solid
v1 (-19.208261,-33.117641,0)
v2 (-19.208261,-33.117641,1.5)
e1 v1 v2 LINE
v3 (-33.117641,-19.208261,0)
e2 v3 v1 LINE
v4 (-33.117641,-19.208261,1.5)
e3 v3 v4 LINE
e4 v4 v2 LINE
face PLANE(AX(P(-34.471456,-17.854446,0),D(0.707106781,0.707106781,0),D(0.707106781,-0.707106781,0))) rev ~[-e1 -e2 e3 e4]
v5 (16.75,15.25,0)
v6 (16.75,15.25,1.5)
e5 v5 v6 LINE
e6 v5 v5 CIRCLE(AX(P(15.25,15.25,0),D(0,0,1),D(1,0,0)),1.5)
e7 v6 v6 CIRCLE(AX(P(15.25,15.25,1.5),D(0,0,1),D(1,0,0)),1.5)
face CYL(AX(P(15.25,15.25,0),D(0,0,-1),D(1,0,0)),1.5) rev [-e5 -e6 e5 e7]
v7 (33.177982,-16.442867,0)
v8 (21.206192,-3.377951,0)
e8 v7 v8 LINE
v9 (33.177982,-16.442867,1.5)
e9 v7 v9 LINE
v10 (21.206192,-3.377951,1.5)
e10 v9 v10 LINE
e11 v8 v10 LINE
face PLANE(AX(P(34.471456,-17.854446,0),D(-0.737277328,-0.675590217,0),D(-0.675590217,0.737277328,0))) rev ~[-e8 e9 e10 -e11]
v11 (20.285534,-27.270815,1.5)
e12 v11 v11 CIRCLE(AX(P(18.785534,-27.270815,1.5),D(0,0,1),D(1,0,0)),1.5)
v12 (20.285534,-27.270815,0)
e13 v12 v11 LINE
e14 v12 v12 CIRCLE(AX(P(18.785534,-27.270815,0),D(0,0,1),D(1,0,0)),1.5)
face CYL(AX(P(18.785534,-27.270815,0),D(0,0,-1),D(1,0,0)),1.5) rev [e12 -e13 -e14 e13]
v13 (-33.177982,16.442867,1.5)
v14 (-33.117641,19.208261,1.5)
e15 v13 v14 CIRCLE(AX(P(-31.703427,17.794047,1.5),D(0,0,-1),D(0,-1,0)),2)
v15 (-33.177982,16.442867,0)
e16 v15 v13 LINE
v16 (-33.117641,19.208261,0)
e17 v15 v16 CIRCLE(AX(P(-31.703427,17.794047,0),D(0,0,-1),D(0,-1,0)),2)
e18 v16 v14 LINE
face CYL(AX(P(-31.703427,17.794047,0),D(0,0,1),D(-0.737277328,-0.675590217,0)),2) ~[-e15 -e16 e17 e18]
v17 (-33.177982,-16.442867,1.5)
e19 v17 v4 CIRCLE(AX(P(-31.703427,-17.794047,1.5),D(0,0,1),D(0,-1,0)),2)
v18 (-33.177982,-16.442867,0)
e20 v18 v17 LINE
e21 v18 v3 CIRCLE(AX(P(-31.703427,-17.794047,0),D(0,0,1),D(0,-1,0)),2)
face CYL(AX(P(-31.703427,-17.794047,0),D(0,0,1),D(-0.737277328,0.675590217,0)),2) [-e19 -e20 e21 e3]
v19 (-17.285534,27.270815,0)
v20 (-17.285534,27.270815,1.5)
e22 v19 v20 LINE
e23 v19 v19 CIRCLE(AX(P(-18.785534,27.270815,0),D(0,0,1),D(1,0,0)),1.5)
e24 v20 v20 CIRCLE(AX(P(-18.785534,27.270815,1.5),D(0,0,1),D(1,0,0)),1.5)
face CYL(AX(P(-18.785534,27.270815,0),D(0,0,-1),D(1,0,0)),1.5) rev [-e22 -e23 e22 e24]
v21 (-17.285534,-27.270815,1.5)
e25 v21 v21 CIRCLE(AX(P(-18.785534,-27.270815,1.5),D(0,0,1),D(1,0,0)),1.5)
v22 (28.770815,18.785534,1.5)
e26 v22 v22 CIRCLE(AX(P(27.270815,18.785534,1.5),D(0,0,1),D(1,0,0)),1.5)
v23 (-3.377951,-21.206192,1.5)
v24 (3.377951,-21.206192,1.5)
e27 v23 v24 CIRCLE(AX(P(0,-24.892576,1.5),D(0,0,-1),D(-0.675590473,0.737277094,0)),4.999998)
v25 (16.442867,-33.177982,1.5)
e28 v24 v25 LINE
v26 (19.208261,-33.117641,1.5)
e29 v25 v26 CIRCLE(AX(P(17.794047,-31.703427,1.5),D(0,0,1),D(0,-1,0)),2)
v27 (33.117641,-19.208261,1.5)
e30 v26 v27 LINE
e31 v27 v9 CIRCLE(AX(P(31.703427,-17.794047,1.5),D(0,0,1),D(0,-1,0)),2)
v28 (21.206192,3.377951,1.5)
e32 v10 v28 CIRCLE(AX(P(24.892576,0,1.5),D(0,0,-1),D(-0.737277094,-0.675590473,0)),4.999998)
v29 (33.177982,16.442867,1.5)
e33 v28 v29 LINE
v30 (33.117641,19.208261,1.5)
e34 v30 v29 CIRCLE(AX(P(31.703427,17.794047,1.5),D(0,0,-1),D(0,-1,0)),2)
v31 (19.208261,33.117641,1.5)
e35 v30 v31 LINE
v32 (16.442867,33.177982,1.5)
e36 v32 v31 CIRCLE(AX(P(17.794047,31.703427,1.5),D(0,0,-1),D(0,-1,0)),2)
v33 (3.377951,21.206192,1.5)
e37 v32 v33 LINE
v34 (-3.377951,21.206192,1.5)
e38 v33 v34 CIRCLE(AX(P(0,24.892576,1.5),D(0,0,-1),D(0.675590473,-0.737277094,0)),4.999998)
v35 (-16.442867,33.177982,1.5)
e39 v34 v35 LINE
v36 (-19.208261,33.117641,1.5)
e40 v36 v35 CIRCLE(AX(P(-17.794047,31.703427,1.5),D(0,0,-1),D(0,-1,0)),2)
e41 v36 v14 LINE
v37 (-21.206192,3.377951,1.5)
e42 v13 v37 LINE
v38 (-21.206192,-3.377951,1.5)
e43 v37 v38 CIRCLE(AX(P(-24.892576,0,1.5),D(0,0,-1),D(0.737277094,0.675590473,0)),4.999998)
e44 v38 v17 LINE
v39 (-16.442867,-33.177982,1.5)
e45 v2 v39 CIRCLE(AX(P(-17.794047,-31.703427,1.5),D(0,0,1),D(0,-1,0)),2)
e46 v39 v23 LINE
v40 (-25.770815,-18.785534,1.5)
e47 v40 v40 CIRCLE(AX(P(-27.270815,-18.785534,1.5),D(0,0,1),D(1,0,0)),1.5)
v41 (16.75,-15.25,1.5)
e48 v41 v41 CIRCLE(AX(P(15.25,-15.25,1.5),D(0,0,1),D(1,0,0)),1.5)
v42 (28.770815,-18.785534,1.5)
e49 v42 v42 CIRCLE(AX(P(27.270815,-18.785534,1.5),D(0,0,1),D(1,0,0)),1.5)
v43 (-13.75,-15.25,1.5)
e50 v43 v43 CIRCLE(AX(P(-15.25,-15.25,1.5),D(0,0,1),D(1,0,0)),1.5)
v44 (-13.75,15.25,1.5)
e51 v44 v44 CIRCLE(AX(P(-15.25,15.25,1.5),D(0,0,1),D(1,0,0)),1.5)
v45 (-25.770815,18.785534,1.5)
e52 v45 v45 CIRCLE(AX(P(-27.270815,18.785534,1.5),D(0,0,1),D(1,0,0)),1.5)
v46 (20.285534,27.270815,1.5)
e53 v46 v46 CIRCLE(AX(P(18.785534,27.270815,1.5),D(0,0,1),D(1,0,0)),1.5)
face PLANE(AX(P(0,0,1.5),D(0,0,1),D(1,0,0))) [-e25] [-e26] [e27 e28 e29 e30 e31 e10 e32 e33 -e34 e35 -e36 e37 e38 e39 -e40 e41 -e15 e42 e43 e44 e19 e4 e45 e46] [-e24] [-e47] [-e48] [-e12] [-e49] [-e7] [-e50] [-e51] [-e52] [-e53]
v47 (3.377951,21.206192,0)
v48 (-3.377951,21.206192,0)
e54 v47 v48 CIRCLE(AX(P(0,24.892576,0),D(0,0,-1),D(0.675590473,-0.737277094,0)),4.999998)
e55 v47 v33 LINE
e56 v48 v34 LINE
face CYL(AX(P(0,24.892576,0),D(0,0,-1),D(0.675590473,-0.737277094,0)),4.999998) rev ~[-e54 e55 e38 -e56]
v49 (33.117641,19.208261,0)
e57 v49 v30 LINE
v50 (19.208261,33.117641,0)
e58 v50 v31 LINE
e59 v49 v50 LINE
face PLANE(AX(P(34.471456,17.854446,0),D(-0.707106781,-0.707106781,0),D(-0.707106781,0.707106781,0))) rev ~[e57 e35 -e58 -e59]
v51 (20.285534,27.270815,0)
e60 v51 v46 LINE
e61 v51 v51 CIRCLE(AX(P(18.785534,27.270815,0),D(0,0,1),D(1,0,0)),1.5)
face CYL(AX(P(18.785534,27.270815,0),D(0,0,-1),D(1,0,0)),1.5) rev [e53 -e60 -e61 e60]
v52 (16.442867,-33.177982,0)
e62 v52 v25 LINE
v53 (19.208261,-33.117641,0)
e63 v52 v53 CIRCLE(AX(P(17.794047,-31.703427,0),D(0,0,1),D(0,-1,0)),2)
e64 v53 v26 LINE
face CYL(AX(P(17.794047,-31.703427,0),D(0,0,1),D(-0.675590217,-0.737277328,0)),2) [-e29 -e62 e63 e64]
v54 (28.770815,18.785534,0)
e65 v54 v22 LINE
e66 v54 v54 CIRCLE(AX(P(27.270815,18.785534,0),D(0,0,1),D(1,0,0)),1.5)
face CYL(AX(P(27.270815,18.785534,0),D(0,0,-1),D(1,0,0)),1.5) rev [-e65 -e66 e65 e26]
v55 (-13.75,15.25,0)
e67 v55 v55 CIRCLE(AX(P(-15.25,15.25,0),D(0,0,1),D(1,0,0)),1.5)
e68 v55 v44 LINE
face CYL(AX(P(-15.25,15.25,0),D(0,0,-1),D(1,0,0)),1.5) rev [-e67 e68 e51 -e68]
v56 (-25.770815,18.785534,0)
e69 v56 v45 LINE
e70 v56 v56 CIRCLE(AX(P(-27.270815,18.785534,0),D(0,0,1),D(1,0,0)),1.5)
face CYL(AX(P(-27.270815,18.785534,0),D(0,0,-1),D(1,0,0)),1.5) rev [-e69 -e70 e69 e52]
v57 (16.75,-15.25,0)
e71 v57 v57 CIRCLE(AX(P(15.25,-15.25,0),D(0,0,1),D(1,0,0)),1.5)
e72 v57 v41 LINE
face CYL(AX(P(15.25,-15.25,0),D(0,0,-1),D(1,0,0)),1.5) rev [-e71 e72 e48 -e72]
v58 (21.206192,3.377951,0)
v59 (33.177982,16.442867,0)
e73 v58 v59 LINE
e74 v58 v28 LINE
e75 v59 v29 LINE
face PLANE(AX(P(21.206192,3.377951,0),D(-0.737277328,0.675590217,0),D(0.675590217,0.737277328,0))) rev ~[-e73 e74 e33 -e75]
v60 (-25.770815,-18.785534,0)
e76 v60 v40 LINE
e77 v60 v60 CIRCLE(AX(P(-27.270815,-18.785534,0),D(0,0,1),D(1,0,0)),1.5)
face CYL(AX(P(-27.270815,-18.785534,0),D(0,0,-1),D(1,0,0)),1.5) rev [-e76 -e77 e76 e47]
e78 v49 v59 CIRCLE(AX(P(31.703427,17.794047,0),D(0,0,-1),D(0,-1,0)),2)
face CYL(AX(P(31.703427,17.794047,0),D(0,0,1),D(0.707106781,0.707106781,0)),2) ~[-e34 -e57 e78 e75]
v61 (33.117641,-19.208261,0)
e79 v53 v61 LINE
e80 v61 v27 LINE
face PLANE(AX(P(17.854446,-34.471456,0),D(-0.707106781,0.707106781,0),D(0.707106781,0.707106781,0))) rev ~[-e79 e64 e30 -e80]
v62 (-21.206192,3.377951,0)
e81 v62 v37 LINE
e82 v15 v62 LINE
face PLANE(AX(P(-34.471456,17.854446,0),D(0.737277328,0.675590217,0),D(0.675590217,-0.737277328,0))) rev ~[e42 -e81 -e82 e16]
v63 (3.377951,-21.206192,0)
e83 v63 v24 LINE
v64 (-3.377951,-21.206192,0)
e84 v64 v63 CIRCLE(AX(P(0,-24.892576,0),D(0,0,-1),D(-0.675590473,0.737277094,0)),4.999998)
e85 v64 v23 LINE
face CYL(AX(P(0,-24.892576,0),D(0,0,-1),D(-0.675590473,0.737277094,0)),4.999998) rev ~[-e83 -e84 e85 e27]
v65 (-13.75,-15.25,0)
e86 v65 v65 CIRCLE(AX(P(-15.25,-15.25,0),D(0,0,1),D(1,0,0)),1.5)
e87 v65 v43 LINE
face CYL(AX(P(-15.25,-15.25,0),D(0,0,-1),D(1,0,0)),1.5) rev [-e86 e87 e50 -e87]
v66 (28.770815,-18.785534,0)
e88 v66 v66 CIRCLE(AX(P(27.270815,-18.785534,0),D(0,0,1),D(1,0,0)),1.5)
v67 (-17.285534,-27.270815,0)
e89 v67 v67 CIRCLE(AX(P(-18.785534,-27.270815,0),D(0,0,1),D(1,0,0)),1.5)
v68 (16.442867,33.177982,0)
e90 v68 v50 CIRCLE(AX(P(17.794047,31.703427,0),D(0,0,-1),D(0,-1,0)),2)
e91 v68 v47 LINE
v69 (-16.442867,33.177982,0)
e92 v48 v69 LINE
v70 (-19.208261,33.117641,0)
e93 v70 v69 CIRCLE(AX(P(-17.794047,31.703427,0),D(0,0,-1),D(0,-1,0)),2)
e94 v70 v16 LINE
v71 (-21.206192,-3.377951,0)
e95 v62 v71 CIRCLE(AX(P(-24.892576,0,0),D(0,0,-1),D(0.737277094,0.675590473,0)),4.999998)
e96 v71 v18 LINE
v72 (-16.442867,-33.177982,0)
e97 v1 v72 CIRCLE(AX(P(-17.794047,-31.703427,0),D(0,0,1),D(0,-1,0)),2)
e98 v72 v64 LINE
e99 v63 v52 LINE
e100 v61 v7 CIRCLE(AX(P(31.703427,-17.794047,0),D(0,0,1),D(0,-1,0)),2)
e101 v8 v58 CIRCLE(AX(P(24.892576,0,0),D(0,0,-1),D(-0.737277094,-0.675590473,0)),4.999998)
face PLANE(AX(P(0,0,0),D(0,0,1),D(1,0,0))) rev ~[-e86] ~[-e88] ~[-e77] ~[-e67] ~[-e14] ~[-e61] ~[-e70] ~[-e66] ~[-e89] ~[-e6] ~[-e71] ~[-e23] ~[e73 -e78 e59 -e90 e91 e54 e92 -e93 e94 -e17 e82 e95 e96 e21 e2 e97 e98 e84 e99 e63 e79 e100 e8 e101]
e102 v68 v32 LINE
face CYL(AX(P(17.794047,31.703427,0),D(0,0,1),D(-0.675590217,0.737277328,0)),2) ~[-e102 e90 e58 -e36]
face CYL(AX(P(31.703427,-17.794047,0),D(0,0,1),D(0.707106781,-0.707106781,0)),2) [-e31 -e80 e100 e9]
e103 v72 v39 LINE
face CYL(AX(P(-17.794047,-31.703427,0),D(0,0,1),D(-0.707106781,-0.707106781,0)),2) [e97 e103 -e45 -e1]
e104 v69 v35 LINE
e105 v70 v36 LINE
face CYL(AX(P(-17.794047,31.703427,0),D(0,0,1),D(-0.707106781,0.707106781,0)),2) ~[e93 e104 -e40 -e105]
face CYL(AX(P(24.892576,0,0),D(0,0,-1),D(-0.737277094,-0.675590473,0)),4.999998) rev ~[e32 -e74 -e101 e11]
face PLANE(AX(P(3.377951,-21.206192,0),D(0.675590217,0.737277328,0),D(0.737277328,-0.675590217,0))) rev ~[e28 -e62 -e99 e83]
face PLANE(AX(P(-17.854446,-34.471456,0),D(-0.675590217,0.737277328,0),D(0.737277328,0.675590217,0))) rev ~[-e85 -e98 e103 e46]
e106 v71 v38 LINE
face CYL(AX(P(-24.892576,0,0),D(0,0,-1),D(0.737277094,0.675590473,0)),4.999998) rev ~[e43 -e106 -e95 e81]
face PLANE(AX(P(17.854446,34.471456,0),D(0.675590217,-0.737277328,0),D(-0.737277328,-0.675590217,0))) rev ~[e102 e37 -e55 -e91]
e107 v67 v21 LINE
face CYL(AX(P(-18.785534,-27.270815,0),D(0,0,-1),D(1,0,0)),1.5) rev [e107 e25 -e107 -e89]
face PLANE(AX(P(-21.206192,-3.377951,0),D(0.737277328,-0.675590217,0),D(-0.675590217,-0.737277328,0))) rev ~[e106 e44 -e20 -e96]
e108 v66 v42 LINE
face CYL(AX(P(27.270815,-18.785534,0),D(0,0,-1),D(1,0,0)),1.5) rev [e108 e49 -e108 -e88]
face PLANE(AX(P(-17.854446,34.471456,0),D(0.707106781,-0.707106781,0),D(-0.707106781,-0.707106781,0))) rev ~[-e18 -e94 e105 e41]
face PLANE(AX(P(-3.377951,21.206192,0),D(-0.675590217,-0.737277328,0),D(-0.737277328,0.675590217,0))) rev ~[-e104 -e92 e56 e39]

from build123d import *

# Parameters (mm, degrees)
F0_R     = 1.5
F1_DEPTH = 1.5
F2_R     = 2


with BuildPart() as f1:
    # F0 (on Top) → F1 (new body)
    with BuildSketch(Plane.XY):
        with BuildLine():
            Line((-21.206192, -3.377951), (-34.471456, -17.854446))
            Line((-34.471456, -17.854446), (-17.854446, -34.471456))
            Line((-17.854446, -34.471456), (-3.377951, -21.206192))
            ThreePointArc((-3.377951, -21.206192), (0, -19.892578), (3.377951, -21.206192))
            Line((3.377951, -21.206192), (17.854446, -34.471456))
            Line((17.854446, -34.471456), (34.471456, -17.854446))
            Line((34.471456, -17.854446), (21.206192, -3.377951))
            ThreePointArc((21.206192, -3.377951), (19.892578, 0), (21.206192, 3.377951))
            Line((21.206192, 3.377951), (34.471456, 17.854446))
            Line((34.471456, 17.854446), (17.854446, 34.471456))
            Line((17.854446, 34.471456), (3.377951, 21.206192))
            ThreePointArc((3.377951, 21.206192), (0, 19.892578), (-3.377951, 21.206192))
            Line((-3.377951, 21.206192), (-17.854446, 34.471456))
            Line((-17.854446, 34.471456), (-34.471456, 17.854446))
            Line((-34.471456, 17.854446), (-21.206192, 3.377951))
            ThreePointArc((-21.206192, 3.377951), (-19.892578, 0), (-21.206192, -3.377951))
        make_face()
        with Locations((-18.785534, -27.270815)):
            Circle(F0_R, mode=Mode.SUBTRACT)
        with Locations((-27.270815, -18.785534)):
            Circle(F0_R, mode=Mode.SUBTRACT)
        with Locations((-15.25, -15.25)):
            Circle(F0_R, mode=Mode.SUBTRACT)
        with Locations((18.785534, -27.270815)):
            Circle(F0_R, mode=Mode.SUBTRACT)
        with Locations((27.270815, -18.785534)):
            Circle(F0_R, mode=Mode.SUBTRACT)
        with Locations((15.25, -15.25)):
            Circle(F0_R, mode=Mode.SUBTRACT)
        with Locations((-15.25, 15.25)):
            Circle(F0_R, mode=Mode.SUBTRACT)
        with Locations((-27.270815, 18.785534)):
            Circle(F0_R, mode=Mode.SUBTRACT)
        with Locations((-18.785534, 27.270815)):
            Circle(F0_R, mode=Mode.SUBTRACT)
        with Locations((15.25, 15.25)):
            Circle(F0_R, mode=Mode.SUBTRACT)
        with Locations((27.270815, 18.785534)):
            Circle(F0_R, mode=Mode.SUBTRACT)
        with Locations((18.785534, 27.270815)):
            Circle(F0_R, mode=Mode.SUBTRACT)
    extrude(amount=F1_DEPTH)

    # F2
    f2_edges = [f1.edges().sort_by_distance(p)[0] for p in [
        (-34.471456, 17.854446, 0.75),
        (-17.854446, 34.471456, 0.75),
        (17.854446, 34.471456, 0.75),
        (34.471456, 17.854446, 0.75),
        (34.471456, -17.854446, 0.75),
        (17.854446, -34.471456, 0.75),
        (-17.854446, -34.471456, 0.75),
        (-34.471456, -17.854446, 0.75),
    ]]
    fillet(f2_edges, radius=F2_R)


solid = f1.part
